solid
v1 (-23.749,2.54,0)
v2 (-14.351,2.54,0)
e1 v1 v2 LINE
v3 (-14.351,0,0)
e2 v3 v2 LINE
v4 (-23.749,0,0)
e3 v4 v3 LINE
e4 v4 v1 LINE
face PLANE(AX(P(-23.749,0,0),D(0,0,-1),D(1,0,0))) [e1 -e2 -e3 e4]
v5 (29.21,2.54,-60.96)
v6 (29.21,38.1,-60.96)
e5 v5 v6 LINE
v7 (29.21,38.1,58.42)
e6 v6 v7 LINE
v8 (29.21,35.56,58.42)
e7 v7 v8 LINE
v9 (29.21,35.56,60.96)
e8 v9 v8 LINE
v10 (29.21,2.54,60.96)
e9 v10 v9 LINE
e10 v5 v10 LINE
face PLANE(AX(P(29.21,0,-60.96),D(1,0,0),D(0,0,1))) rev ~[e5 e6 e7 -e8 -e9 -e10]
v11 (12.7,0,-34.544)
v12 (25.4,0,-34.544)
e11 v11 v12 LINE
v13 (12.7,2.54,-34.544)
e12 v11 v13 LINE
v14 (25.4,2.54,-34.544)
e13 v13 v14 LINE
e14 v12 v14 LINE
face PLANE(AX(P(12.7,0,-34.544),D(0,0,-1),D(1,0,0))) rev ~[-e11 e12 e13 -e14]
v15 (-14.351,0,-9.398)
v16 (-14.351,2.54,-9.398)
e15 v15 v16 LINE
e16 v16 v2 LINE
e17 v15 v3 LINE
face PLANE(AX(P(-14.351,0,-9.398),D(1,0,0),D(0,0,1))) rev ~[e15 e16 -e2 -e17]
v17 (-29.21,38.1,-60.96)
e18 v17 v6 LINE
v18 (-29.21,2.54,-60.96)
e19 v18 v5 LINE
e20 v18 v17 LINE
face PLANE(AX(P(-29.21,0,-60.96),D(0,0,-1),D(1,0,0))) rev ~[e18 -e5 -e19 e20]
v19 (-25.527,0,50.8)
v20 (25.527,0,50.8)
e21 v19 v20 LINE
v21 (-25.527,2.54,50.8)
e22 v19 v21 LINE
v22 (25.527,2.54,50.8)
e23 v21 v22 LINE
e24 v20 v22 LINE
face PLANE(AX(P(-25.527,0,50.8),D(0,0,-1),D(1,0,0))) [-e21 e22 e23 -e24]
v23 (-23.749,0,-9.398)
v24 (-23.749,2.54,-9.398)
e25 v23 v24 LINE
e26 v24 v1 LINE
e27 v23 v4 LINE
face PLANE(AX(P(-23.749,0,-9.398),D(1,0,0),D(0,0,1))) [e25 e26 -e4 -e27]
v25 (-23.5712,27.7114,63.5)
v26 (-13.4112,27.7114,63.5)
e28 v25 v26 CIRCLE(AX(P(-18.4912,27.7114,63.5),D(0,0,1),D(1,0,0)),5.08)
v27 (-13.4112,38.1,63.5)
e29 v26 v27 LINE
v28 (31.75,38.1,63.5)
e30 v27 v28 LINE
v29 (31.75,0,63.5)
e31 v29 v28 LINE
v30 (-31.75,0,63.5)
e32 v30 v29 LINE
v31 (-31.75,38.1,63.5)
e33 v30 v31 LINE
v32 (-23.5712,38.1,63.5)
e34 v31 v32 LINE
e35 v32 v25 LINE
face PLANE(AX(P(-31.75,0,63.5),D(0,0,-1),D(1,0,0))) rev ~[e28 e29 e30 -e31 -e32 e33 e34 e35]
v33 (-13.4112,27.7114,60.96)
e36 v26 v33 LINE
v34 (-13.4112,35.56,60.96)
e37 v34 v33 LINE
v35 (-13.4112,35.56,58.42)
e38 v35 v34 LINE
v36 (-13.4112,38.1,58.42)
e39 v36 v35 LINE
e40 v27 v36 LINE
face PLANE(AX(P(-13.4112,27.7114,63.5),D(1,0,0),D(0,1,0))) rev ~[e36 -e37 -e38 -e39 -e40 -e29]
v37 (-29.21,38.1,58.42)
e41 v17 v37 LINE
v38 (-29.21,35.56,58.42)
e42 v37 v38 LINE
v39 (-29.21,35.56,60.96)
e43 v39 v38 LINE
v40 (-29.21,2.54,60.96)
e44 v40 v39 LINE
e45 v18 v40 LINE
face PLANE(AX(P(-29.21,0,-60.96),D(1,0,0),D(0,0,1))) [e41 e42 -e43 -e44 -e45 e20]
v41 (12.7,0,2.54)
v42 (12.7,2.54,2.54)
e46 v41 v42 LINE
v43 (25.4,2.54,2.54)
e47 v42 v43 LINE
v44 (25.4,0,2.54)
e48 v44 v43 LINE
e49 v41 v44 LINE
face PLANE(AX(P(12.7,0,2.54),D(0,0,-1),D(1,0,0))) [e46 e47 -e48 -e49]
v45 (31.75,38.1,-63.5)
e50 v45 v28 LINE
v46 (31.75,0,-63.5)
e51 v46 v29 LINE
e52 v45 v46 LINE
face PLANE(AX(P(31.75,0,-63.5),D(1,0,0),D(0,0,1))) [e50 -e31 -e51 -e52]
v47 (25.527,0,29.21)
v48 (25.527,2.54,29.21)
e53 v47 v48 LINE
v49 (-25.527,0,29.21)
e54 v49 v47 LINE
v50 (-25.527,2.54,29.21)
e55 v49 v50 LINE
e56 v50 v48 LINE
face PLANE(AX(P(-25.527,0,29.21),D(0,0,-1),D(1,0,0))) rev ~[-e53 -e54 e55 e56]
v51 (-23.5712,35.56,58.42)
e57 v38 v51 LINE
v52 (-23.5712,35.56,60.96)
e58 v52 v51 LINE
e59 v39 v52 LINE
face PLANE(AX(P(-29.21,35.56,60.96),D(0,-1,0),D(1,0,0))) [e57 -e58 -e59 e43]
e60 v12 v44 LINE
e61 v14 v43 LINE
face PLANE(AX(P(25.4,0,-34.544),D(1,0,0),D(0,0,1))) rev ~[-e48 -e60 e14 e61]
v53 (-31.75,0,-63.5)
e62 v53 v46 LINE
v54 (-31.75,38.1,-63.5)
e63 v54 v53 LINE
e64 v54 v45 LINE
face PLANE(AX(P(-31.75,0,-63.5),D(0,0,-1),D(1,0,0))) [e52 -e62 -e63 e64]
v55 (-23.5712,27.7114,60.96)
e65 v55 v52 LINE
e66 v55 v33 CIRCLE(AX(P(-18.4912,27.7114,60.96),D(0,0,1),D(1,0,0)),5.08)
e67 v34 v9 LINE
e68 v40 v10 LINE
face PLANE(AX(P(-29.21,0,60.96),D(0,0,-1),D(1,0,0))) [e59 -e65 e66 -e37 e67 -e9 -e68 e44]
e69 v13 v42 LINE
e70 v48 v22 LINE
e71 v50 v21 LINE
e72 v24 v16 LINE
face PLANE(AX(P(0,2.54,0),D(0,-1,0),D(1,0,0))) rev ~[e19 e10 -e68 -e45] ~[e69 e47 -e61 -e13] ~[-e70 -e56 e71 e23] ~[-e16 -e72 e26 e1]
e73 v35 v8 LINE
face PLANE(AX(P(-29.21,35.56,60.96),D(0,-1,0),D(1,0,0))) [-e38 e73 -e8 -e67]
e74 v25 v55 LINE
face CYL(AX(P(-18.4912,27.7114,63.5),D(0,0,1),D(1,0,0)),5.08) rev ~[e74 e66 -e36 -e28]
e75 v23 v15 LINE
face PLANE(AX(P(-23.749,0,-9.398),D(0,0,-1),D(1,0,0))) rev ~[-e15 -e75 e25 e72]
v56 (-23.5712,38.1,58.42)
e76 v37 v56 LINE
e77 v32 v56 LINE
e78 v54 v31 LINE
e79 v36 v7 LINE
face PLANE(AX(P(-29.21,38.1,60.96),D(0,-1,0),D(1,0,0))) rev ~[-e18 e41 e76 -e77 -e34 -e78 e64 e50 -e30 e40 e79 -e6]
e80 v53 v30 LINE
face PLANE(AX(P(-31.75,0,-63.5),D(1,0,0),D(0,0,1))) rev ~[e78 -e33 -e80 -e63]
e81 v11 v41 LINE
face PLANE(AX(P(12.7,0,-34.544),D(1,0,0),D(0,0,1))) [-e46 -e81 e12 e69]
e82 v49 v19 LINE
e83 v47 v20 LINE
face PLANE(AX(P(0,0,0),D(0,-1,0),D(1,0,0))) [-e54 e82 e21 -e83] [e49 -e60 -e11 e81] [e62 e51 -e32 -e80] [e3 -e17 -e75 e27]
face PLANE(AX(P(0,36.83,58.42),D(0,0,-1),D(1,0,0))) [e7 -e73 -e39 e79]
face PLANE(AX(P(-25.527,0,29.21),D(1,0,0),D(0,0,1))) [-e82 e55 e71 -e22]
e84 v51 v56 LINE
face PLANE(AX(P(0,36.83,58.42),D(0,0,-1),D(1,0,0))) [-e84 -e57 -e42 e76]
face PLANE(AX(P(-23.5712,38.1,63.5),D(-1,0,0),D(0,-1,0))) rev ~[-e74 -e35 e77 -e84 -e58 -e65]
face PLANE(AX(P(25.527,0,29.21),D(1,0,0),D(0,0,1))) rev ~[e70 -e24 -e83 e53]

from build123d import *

# Parameters (mm, degrees)
F0_W     = 63.5
F0_H     = 127
F0_W_2   = 58.42
F0_H_2   = 121.92
F0_W_3   = 9.398
F0_H_3   = 9.398
F0_W_4   = 12.7
F0_H_4   = 37.084
F0_W_5   = 51.054
F0_H_5   = 21.59
F1_DEPTH = 2.54
F2_DEPTH = 38.1
F3_W     = 58.42
F3_H     = 2.54
F4_DEPTH = 2.54
F6_DEPTH = 12.0904


with BuildPart() as f1:
    # F0 (on Front) → F1 (new body)
    with BuildSketch(Plane.XZ):
        Rectangle(F0_W, F0_H)
        Rectangle(F0_W_2, F0_H_2, mode=Mode.SUBTRACT)
        Rectangle(F0_W_2, F0_H_2)
        with Locations((-19.05, -4.699)):
            Rectangle(F0_W_3, F0_H_3, mode=Mode.SUBTRACT)
        with Locations((19.05, -16.002)):
            Rectangle(F0_W_4, F0_H_4, mode=Mode.SUBTRACT)
        with Locations((0, 40.005)):
            Rectangle(F0_W_5, F0_H_5, mode=Mode.SUBTRACT)
    extrude(amount=-F1_DEPTH)

    # F0 (on Front) → F2 (join)
    with BuildSketch(Plane.XZ):
        Rectangle(F0_W, F0_H)
        Rectangle(F0_W_2, F0_H_2, mode=Mode.SUBTRACT)
    extrude(amount=-F2_DEPTH)

    # F3 (on face) → F4 (join)
    with BuildSketch(Plane(origin=(0, 0, 60.96), x_dir=(1, 0, 0), z_dir=(0, 0, -1))):
        with Locations((0, -36.83)):
            Rectangle(F3_W, F3_H)
    extrude(amount=F4_DEPTH)

    # F5 (on face) → F6 (cut)
    with BuildSketch(Plane.XY.offset(63.5)):
        with BuildLine():
            ThreePointArc((-23.5712, 27.7114), (-18.4912, 22.6314), (-13.4112, 27.7114))
            ThreePointArc((-13.4112, 27.7114), (-18.4912, 32.7914), (-23.5712, 27.7114))
        make_face()
        with BuildLine():
            ThreePointArc((-23.5712, 27.7114), (-18.4912, 32.7914), (-13.4112, 27.7114))
            Line((-13.4112, 27.7114), (-13.4112, 38.1))
            Line((-13.4112, 38.1), (-23.5712, 38.1))
            Line((-23.5712, 38.1), (-23.5712, 27.7114))
        make_face()
    extrude(amount=-F6_DEPTH, mode=Mode.SUBTRACT)


solid = f1.part
